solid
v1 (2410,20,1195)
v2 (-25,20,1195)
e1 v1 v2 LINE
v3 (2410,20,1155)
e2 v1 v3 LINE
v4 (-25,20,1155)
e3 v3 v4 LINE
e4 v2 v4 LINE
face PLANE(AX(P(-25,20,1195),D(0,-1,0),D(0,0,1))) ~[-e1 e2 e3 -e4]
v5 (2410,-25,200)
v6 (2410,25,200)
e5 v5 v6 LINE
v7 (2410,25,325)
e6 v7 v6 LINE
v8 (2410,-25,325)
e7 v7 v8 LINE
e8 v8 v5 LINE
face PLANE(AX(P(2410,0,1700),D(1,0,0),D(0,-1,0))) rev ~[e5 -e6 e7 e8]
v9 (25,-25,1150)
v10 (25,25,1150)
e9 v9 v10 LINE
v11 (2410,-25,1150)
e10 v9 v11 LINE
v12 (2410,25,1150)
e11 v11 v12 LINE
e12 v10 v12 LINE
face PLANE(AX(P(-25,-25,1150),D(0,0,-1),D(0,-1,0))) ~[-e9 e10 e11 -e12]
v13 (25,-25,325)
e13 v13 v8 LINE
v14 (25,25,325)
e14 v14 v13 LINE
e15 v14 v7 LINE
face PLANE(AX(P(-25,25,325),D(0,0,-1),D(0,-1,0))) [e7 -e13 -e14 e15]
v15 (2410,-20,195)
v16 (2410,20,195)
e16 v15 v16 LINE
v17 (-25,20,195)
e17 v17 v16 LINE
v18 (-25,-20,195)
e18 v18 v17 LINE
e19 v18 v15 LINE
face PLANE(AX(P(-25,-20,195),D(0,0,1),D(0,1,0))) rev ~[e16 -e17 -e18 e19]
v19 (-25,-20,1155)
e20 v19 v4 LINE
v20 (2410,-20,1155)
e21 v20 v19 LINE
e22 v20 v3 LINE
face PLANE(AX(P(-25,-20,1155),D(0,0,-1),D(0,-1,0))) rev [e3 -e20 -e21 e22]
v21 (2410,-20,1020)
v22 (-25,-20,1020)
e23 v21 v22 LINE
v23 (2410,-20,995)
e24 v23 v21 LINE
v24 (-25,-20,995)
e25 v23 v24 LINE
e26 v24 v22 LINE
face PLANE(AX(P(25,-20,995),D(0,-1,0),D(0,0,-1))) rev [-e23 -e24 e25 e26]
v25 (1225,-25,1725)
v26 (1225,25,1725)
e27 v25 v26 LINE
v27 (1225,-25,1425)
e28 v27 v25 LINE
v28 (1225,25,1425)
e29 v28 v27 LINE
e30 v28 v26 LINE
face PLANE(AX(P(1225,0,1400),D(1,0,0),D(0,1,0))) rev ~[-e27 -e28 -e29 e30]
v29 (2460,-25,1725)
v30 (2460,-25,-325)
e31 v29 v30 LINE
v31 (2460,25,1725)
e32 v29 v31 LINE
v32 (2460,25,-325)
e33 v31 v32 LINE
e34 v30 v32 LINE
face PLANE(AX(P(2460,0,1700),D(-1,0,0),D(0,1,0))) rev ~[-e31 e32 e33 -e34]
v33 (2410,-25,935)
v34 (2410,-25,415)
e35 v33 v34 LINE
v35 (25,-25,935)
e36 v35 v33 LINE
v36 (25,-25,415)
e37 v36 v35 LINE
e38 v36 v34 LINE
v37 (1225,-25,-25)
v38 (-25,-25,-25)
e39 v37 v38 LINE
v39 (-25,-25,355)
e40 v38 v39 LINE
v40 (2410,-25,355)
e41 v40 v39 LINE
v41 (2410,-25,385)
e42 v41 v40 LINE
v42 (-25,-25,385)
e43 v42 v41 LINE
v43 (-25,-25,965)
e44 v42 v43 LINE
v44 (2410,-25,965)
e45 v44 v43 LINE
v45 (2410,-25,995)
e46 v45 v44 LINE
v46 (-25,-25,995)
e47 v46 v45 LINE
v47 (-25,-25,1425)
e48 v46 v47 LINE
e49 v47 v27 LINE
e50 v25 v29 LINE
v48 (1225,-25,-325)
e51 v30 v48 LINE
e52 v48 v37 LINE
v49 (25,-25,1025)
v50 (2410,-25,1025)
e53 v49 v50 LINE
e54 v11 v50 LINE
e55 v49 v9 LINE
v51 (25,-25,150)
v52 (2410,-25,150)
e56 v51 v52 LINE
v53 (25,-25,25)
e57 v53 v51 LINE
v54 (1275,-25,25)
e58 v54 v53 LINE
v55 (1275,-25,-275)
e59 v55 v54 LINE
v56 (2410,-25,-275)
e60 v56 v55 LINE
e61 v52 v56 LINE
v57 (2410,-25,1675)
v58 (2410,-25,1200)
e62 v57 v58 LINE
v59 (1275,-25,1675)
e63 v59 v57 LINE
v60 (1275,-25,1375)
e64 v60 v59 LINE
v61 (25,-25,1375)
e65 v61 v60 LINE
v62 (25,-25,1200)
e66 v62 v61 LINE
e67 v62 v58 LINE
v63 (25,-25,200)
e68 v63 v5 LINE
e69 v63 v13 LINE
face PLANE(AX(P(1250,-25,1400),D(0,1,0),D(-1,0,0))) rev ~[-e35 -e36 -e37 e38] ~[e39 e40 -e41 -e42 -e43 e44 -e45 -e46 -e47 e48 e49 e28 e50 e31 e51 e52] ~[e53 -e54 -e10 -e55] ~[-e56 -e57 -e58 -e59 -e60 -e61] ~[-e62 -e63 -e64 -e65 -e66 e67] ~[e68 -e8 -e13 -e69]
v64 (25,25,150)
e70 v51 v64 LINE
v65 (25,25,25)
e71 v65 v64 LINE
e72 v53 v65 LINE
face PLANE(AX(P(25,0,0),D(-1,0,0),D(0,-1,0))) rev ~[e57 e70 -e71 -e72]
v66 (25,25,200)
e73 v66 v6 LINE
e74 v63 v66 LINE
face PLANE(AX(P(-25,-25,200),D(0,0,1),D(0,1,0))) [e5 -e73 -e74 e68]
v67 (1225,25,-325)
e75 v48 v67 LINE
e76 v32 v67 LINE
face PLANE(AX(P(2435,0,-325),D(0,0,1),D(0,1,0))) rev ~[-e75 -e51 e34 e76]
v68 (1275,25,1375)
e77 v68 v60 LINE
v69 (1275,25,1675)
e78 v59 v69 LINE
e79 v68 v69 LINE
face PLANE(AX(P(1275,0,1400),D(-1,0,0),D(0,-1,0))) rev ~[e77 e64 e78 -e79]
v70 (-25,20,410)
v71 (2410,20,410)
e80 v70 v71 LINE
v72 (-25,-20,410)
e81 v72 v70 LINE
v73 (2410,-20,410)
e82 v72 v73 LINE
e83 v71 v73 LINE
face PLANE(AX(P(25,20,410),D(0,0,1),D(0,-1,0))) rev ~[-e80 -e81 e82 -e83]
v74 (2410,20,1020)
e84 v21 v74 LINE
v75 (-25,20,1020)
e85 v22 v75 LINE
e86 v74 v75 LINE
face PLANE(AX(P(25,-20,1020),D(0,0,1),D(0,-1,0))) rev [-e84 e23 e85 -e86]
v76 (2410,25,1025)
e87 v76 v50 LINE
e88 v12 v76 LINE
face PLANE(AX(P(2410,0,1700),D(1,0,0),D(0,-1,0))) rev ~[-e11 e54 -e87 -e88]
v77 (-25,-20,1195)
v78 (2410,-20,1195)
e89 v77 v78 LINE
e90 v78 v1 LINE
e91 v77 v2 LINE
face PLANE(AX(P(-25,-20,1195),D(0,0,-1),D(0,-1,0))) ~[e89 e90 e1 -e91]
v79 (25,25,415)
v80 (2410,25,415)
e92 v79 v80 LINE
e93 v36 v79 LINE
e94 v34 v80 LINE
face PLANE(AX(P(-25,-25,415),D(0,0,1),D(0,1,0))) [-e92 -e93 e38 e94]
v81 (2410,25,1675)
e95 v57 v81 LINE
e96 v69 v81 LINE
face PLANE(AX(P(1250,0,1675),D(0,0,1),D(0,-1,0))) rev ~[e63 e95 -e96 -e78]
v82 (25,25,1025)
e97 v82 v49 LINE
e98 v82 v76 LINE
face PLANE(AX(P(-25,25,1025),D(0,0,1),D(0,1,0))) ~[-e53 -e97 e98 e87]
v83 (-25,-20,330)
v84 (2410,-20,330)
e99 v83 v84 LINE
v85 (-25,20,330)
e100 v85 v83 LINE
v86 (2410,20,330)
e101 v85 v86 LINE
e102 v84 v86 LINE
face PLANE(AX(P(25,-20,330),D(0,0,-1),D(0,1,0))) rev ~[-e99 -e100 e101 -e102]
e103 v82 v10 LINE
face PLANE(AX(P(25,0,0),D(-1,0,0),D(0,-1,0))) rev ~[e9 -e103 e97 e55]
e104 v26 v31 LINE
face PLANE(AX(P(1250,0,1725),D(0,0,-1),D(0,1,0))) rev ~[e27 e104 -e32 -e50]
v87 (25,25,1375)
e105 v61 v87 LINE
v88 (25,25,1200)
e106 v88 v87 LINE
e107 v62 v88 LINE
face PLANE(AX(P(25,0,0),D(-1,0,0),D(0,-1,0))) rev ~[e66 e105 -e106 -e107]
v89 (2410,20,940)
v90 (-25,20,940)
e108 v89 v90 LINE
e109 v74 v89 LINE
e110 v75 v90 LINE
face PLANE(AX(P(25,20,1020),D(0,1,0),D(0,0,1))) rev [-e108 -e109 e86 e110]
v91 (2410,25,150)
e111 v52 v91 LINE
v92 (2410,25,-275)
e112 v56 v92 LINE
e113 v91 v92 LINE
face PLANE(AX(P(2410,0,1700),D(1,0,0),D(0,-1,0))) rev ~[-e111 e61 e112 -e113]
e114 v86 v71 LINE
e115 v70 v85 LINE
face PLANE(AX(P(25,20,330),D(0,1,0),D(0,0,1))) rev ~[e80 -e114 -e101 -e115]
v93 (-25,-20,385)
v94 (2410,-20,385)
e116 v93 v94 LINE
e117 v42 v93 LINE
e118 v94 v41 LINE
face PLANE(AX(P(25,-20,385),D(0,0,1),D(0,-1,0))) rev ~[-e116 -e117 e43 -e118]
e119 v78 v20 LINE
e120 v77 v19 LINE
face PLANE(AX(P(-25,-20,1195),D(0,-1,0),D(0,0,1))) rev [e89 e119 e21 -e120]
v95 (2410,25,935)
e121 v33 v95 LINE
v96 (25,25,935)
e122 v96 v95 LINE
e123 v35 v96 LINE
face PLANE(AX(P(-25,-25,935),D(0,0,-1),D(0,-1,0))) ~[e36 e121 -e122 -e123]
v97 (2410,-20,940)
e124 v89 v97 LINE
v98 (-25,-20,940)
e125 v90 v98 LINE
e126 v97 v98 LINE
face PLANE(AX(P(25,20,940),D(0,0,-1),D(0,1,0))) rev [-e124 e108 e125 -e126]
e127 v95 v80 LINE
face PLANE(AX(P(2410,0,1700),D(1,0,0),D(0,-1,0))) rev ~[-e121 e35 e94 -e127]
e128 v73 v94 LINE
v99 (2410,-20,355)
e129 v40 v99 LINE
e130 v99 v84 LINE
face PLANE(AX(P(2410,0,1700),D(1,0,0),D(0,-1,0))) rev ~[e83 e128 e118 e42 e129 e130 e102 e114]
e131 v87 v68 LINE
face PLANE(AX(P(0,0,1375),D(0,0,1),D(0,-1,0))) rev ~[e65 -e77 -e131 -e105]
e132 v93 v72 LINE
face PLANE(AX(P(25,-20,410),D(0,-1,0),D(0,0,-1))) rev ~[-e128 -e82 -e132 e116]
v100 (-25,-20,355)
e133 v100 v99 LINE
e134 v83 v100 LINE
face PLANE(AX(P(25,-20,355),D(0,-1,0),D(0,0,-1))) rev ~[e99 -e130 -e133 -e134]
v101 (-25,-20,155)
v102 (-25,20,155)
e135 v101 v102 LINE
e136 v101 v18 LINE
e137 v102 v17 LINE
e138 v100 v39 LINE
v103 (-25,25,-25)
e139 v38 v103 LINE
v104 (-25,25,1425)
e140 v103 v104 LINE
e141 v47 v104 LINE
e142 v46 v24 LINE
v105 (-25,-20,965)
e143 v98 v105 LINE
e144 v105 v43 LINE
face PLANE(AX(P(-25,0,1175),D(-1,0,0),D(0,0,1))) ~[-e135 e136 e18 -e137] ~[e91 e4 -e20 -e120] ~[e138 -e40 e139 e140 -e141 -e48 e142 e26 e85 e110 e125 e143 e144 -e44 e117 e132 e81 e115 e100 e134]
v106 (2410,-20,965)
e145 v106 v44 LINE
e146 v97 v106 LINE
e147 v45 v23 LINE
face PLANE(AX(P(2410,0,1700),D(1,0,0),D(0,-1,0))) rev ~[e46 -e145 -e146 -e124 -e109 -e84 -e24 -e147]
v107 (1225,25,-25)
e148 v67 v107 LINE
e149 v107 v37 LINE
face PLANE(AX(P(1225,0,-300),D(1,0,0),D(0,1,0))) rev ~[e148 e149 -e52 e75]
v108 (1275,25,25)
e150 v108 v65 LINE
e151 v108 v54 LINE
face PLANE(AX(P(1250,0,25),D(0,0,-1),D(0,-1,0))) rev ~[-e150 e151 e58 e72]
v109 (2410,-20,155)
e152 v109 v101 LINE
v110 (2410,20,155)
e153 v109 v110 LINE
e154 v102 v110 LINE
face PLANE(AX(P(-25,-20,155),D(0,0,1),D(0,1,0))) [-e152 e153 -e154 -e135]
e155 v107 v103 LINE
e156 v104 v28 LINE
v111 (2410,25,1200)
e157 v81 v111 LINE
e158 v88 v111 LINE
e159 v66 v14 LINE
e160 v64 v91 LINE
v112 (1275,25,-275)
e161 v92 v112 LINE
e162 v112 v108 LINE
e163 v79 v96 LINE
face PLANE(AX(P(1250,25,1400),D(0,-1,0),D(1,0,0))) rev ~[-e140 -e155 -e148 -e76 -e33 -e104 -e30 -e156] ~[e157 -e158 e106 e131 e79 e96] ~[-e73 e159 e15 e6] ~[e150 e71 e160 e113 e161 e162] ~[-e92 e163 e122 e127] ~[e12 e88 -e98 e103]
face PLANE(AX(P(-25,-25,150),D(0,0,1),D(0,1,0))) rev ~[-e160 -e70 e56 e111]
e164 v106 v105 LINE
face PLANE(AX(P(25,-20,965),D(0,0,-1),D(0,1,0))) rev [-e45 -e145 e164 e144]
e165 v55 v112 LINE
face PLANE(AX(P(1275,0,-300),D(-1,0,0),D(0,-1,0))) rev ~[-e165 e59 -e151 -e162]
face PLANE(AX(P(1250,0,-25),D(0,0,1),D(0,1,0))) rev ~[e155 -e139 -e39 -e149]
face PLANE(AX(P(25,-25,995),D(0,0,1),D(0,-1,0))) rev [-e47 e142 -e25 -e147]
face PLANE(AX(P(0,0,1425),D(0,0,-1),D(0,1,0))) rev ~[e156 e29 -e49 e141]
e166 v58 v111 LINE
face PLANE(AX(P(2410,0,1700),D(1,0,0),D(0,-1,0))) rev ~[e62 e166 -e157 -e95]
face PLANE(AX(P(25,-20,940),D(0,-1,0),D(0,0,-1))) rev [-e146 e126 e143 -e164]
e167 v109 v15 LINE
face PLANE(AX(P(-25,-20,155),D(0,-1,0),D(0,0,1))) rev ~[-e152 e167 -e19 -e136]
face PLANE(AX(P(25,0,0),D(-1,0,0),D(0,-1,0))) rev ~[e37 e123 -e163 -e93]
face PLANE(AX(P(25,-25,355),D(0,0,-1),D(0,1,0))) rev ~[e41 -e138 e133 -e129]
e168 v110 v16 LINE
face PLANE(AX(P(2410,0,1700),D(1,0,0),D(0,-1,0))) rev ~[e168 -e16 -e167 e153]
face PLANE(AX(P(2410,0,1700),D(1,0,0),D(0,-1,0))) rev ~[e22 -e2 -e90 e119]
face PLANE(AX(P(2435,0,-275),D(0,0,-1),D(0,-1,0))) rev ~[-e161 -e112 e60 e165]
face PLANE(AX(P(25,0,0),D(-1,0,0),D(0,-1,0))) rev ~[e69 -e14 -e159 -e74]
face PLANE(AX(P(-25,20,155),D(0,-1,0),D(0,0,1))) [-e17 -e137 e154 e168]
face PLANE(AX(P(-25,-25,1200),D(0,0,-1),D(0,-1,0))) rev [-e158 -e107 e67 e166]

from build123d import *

# Parameters (mm, degrees)
SKETCH2_W           = 50
SKETCH2_H           = 50
BOSS_EXTRUDE1_DEPTH = 2435
CUT_EXTRUDE1_DEPTH  = 80
SKETCH6_W           = 50
SKETCH6_H           = 50
SKETCH6_W_2         = 40
SKETCH6_H_2         = 40
BOSS_EXTRUDE2_DEPTH = 2435
SKETCH7_W           = 40
SKETCH7_H           = 40
CUT_EXTRUDE2_DEPTH  = 80


with BuildPart() as part:
    # Sweep1: sweep along a path in Sketch1
    with BuildLine(Plane(origin=(0, 0, 0), x_dir=(1, 0, 0), z_dir=(0, 1, 0))) as sweep1_path:
        Line((1250, -1400), (1250, -1700))
        Line((1250, -1700), (2435, -1700))
        Line((2435, -1700), (2435, 300))
        Line((2435, 300), (1250, 300))
        Line((1250, 300), (1250, 0))
        Line((1250, 0), (0, 0))
        Line((0, 0), (0, -1400))
        Line((0, -1400), (1250, -1400))
    # Sketch2 → Sweep1 (sweep)
    with BuildSketch(Plane(origin=(0, 0, 0), x_dir=(0, 0, -1), z_dir=(1, 0, 0))):
        Rectangle(SKETCH2_W, SKETCH2_H)
    sweep(path=sweep1_path.line, transition=Transition.RIGHT)

    # Sketch3 → Boss-Extrude1 (add)
    with BuildSketch(Plane.ZY.offset(25)):
        Polygon((415, 25), (325, 25), (325, -25), (355, -25), (355, -20), (330, -20), (330, 20), (410, 20), (410, -20), (385, -20), (385, -25), (415, -25), align=None)
    boss_extrude1 = extrude(amount=-BOSS_EXTRUDE1_DEPTH)

    # Sketch5 → Cut-Extrude1 (cut)
    with BuildSketch(Plane(origin=(25, 0, 0), x_dir=(0, 0, -1), z_dir=(1, 0, 0))):
        Polygon((-385, -25), (-355, -25), (-355, -20), (-330, -20), (-330, 20), (-410, 20), (-410, -20), (-385, -20), align=None)
    cut_extrude1 = extrude(amount=-CUT_EXTRUDE1_DEPTH, mode=Mode.SUBTRACT)

    # Mirror1: Boss-Extrude1, Cut-Extrude1 across plane
    add(boss_extrude1.mirror(Plane(origin=(0, 0, 675), x_dir=(1, 0, 0), z_dir=(0, 0, -1))))
    add(cut_extrude1.mirror(Plane(origin=(0, 0, 675), x_dir=(1, 0, 0), z_dir=(0, 0, -1))), mode=Mode.SUBTRACT)

    # Sketch6 → Boss-Extrude2 (add)
    with BuildSketch(Plane.ZY.offset(25)):
        with Locations((175, 0)):
            Rectangle(SKETCH6_W, SKETCH6_H)
        with Locations((175, 0)):
            Rectangle(SKETCH6_W_2, SKETCH6_H_2, mode=Mode.SUBTRACT)
    boss_extrude2 = extrude(amount=-BOSS_EXTRUDE2_DEPTH)

    # Sketch7 → Cut-Extrude2 (cut)
    with BuildSketch(Plane.ZY.offset(25)):
        with Locations((175, 0)):
            Rectangle(SKETCH7_W, SKETCH7_H)
    cut_extrude2 = extrude(amount=-CUT_EXTRUDE2_DEPTH, mode=Mode.SUBTRACT)

    # Mirror2: Boss-Extrude2, Cut-Extrude2 across plane
    add(boss_extrude2.mirror(Plane(origin=(0, 0, 675), x_dir=(1, 0, 0), z_dir=(0, 0, -1))))
    add(cut_extrude2.mirror(Plane(origin=(0, 0, 675), x_dir=(1, 0, 0), z_dir=(0, 0, -1))), mode=Mode.SUBTRACT)


solid = part.part
